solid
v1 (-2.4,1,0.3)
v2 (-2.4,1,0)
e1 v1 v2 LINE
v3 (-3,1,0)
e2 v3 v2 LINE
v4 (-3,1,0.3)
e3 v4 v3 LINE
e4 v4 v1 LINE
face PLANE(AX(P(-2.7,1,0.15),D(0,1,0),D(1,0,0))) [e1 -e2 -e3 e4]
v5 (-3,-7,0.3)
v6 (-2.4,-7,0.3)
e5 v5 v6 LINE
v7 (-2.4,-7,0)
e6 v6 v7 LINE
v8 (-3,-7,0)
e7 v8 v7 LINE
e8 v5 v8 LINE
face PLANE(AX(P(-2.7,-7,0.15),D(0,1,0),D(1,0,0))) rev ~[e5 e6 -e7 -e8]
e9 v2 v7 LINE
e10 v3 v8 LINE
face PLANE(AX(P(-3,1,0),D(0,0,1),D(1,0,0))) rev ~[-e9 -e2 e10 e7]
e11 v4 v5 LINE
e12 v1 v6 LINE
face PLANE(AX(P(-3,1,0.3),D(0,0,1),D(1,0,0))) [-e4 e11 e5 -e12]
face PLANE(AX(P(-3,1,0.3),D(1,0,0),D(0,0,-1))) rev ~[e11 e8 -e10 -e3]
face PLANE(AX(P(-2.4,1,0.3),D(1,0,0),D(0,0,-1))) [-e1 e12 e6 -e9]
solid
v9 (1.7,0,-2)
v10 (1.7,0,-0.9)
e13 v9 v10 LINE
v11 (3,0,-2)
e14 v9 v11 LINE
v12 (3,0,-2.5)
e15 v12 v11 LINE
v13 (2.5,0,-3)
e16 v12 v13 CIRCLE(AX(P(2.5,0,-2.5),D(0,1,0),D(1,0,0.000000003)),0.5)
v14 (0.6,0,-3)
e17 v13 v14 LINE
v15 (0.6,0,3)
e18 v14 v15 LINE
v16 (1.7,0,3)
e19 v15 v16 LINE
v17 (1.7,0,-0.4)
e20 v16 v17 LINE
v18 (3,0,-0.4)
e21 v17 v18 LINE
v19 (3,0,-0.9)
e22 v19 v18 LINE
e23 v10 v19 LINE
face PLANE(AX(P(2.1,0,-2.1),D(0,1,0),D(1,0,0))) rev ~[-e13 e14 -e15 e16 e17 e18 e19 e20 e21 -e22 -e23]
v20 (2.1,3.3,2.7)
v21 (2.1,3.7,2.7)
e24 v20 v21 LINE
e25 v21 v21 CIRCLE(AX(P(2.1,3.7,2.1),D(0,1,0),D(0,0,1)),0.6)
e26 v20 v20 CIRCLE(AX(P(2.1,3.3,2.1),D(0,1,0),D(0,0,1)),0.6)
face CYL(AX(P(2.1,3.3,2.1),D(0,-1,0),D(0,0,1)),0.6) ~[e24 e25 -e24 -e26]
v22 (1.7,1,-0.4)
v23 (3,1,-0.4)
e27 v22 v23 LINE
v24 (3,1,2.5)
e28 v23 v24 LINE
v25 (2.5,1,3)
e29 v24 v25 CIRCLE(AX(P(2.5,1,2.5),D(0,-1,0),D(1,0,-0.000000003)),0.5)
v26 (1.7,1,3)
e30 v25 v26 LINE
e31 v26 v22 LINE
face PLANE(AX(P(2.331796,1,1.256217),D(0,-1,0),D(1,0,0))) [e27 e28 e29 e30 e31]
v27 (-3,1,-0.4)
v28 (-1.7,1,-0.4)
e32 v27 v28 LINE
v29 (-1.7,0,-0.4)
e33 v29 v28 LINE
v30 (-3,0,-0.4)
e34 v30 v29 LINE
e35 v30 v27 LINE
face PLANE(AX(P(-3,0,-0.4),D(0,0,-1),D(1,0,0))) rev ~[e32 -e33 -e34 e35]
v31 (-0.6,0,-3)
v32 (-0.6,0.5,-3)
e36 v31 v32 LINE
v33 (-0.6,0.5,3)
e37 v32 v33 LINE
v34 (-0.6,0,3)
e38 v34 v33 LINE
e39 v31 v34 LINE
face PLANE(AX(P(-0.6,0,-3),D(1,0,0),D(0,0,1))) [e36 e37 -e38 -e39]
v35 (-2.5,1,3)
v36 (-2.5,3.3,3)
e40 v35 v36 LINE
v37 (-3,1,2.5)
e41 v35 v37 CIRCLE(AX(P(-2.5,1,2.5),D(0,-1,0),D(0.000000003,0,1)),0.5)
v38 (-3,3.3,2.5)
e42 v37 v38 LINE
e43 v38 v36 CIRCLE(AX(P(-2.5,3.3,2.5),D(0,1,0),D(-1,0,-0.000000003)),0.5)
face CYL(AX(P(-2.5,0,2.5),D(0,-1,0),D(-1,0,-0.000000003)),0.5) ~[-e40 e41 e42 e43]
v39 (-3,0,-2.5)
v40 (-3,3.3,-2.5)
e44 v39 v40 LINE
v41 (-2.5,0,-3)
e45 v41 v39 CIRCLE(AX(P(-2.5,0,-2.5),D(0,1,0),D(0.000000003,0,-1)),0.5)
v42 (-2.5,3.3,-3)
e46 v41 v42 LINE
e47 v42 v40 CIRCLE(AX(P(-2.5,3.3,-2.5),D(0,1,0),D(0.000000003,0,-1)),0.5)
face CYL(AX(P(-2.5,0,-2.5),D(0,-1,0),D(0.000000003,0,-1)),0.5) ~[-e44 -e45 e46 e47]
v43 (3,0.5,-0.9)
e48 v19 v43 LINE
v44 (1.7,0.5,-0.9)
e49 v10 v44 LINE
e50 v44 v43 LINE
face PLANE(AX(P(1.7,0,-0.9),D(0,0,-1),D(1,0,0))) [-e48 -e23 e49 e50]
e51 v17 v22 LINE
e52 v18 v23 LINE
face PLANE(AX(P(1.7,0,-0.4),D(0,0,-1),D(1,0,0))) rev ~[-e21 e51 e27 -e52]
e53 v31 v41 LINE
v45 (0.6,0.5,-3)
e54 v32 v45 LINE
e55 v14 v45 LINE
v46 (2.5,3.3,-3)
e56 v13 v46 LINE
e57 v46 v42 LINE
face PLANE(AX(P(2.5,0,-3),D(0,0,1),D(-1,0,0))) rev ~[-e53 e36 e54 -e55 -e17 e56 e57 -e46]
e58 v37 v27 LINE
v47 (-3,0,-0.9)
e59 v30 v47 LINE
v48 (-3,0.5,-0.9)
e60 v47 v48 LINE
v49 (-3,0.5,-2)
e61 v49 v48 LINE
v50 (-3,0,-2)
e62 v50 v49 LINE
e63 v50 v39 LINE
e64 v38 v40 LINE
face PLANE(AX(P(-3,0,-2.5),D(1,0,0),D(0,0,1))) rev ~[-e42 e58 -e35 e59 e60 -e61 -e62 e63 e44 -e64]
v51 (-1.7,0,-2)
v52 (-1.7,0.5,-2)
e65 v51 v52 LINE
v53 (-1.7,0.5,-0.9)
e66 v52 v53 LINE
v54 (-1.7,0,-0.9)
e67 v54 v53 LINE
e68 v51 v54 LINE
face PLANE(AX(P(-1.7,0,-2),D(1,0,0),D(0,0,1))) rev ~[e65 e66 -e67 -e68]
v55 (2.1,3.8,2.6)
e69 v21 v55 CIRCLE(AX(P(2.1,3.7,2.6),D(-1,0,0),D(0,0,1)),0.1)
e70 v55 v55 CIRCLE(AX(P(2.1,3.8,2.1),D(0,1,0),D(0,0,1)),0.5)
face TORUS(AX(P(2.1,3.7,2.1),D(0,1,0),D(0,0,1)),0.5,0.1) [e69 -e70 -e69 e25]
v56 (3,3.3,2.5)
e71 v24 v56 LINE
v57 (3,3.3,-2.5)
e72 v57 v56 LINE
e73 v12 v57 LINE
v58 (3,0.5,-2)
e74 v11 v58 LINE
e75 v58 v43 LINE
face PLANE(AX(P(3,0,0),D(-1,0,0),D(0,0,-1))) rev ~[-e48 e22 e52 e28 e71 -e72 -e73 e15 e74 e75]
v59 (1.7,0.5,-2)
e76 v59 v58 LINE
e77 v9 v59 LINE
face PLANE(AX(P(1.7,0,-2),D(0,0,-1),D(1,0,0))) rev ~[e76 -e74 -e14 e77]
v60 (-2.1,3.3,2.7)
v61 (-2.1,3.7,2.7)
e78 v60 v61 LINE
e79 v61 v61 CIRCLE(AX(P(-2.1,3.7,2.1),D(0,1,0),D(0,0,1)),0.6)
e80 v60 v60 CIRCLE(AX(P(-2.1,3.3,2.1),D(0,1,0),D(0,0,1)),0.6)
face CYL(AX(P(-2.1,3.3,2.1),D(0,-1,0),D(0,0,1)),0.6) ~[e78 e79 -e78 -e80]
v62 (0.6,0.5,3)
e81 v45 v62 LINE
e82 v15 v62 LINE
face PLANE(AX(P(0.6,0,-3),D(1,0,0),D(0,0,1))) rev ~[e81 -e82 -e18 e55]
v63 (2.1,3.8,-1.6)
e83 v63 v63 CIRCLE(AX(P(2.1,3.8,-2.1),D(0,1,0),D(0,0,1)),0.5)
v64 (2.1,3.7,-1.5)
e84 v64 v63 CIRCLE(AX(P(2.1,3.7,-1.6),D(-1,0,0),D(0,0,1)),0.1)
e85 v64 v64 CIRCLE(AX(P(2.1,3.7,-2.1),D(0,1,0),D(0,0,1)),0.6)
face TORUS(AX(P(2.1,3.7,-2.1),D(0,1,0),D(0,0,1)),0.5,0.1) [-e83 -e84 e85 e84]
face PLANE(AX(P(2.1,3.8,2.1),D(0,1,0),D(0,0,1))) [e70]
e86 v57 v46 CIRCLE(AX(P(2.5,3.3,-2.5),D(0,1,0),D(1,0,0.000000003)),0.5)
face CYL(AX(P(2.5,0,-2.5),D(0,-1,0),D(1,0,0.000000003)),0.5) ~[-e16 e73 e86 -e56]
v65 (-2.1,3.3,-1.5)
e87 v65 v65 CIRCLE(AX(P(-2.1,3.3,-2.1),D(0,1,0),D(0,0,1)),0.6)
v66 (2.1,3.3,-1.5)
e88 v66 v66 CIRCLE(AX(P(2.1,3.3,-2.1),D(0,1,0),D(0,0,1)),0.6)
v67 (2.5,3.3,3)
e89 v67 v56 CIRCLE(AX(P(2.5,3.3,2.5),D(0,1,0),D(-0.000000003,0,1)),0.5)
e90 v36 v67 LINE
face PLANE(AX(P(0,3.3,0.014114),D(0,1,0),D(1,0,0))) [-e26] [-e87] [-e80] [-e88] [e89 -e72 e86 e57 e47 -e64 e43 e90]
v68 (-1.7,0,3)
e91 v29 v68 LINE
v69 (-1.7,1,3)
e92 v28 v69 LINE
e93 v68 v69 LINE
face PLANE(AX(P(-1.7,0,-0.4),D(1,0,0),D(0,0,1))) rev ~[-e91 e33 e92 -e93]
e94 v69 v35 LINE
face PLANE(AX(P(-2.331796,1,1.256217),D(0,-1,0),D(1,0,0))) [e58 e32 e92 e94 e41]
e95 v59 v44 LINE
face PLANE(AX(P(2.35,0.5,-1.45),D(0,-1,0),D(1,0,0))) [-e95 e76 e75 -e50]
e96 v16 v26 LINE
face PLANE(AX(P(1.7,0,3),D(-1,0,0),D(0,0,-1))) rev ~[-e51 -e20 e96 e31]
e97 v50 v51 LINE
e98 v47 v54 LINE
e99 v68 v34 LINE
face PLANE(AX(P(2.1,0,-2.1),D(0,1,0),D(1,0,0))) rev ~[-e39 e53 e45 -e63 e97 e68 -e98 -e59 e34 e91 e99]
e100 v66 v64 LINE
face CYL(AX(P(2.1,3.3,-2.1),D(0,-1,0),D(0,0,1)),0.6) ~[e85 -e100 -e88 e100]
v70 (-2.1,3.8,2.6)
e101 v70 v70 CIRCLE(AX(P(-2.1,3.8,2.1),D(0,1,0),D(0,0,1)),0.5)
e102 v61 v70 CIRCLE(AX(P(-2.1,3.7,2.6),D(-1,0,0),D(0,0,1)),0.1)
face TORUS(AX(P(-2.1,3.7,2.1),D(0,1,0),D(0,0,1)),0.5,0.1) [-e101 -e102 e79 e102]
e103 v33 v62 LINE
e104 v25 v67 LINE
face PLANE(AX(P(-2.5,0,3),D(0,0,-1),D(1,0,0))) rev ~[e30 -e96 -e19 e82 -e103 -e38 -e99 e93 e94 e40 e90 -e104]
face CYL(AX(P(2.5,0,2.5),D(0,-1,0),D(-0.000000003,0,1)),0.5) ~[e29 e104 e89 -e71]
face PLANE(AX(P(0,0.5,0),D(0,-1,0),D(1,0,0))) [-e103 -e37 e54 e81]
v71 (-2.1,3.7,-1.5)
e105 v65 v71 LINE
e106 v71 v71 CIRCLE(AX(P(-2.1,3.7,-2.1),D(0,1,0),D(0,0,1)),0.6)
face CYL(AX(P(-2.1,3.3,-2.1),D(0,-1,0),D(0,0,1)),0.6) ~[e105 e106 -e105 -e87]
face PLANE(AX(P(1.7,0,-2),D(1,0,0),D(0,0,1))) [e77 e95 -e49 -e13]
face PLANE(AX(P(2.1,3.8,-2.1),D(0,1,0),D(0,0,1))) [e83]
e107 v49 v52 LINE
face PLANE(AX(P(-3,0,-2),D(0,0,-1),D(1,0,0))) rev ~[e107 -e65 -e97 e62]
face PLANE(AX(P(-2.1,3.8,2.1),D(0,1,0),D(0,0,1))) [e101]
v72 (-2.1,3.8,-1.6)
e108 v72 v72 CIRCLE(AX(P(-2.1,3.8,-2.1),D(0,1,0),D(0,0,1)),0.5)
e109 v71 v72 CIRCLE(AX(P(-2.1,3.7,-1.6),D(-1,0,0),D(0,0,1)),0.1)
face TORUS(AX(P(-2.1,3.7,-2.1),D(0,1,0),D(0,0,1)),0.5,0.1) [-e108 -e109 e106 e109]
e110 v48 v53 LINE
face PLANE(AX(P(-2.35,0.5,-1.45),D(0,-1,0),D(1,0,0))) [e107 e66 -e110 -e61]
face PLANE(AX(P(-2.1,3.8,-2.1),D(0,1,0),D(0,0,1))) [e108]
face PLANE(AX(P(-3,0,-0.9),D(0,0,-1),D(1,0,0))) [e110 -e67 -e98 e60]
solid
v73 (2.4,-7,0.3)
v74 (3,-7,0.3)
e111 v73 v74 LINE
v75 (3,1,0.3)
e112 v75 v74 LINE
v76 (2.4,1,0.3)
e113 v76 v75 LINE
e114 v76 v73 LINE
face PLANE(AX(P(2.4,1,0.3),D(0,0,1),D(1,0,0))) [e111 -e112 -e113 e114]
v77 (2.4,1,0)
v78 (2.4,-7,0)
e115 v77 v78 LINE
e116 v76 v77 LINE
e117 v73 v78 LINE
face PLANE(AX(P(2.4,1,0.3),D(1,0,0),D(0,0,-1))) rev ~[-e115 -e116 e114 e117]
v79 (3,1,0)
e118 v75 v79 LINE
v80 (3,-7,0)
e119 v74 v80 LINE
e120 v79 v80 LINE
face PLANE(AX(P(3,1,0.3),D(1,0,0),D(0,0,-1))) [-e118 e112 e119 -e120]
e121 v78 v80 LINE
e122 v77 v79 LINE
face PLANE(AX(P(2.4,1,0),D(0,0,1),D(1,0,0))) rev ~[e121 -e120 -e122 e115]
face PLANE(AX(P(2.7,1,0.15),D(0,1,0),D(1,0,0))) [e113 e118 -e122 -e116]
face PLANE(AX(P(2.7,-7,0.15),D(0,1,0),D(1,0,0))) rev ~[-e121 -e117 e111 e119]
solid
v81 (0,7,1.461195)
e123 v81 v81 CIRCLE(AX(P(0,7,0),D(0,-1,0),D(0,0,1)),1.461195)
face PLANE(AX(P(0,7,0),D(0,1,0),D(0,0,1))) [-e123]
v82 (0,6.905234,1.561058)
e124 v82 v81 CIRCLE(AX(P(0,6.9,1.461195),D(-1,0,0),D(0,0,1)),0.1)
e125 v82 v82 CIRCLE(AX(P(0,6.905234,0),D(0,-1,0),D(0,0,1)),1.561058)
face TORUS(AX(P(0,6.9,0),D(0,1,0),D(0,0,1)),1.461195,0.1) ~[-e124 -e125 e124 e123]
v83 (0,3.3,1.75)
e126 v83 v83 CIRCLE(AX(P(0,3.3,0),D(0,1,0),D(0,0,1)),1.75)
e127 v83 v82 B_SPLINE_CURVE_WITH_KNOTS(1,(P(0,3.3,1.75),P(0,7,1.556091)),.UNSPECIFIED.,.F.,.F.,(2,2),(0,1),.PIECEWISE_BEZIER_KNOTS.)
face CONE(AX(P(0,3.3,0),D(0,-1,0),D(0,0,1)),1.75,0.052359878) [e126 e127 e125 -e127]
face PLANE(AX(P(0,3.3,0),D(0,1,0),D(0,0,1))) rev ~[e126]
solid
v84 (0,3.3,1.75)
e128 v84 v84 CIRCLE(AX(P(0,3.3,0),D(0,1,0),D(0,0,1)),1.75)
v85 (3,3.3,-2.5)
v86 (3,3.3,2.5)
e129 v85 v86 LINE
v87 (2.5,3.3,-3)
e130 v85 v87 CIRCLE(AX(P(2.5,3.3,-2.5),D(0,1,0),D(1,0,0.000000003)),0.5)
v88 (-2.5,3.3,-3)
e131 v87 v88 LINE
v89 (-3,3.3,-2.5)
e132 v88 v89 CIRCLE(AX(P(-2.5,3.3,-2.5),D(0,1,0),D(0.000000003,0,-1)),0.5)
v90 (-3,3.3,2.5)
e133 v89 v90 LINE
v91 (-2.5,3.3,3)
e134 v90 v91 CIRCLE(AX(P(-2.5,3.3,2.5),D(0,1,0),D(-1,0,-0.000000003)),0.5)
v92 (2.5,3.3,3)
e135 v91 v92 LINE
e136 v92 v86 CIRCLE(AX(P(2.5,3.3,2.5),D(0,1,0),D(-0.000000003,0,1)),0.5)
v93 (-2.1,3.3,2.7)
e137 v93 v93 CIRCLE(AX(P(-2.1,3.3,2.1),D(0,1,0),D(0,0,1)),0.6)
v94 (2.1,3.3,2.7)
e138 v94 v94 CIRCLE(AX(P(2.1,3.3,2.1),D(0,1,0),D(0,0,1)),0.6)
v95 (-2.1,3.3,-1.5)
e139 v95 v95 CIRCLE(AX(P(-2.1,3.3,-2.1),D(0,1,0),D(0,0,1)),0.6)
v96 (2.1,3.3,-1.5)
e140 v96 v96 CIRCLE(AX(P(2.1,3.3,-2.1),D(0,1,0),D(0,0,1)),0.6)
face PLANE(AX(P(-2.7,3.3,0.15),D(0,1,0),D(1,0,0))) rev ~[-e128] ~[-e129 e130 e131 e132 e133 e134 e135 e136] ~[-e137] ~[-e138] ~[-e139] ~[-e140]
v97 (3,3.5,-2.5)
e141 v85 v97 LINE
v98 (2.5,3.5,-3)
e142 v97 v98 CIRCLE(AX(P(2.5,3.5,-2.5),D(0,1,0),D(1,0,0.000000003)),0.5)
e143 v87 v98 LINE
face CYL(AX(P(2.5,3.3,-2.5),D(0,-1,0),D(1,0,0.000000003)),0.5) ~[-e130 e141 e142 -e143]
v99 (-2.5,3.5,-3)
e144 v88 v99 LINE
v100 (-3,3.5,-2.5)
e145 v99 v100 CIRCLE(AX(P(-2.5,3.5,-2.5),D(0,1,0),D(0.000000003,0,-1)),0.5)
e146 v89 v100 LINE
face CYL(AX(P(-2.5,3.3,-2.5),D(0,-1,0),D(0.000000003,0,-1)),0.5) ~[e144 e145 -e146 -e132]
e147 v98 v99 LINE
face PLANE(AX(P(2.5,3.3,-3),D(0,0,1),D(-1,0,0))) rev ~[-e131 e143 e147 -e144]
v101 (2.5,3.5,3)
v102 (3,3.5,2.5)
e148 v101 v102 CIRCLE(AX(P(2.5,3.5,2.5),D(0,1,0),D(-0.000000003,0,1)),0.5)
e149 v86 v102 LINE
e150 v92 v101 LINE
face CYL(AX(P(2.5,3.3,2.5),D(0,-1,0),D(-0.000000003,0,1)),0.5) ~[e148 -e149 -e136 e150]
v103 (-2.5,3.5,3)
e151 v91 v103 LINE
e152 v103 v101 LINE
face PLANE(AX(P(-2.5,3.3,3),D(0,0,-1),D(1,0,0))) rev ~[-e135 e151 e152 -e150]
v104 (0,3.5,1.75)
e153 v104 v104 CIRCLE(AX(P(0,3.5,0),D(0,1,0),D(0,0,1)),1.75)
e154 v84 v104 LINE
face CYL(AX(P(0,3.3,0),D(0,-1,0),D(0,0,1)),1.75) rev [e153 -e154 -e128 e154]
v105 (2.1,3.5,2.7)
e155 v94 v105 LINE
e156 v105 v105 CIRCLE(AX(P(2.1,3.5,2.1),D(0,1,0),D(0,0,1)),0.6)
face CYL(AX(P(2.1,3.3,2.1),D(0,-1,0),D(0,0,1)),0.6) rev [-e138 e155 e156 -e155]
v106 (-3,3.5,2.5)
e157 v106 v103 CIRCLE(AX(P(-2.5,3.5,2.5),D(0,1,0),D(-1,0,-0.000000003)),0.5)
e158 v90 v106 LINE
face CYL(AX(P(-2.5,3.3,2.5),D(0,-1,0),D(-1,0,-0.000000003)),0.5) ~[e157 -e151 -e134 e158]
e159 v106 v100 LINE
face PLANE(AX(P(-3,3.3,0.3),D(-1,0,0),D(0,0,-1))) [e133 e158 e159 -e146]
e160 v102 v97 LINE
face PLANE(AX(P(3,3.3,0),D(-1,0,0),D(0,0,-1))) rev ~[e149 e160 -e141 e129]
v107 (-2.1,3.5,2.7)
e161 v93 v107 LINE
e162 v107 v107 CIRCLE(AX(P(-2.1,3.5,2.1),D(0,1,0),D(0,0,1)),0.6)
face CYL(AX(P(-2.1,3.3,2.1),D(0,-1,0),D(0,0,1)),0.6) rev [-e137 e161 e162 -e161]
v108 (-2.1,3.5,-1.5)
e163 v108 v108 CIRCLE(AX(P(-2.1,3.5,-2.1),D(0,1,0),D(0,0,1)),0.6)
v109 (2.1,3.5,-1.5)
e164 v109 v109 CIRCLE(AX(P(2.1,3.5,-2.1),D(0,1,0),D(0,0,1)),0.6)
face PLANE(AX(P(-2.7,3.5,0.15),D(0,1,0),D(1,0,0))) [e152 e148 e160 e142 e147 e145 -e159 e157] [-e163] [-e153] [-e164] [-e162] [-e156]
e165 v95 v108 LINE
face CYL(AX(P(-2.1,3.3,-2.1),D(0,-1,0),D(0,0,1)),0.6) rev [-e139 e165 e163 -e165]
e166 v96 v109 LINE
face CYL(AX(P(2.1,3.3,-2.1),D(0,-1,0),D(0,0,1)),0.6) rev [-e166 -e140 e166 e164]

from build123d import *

# Parameters (mm, degrees)
SKETCH1_W                 = 0.6
SKETCH1_H                 = 0.3
SKETCH1_R                 = 0.6
SKETCH1_R_2               = 1.75
BASE_DEPTH                = 3.3
TOP_START                 = 3.3
SKETCH1_3_R               = 0.6
SKETCH1_3_R_2             = 1.75
SKETCH1_3_W               = 0.6
SKETCH1_3_H               = 0.3
TOP_PLATE_DEPTH           = 0.2
KNOBS_START               = 3.3
SKETCH1_4_R               = 0.6
KNOBS_DEPTH               = 0.5
ACTUATOR_START            = 3.3
SKETCH1_5_R               = 1.75
ACTUATOR_DEPTH            = 3.7
ACTUATOR_TAPER            = 3
BASE_LEG_CUTOUT_DEPTH     = 1
SKETCH2_3_W               = 1.2
SKETCH2_3_H               = 6
SKETCH2_3_W_2             = 1.3
SKETCH2_3_H_2             = 1.1
BASE_SHALLOW_CUTOUT_DEPTH = 0.5
PINS_START                = 1
SKETCH1_7_W               = 0.6
SKETCH1_7_H               = 0.3
PINS_DEPTH                = 8
PINS_2_DEPTH              = 8
FILLET1_R                 = 0.1
FILLET2_R                 = 0.1


with BuildPart() as part:
    # Sketch1 → Base (new body)
    # profile 1 of 8: a face of its own
    with BuildSketch(Plane(origin=(0, 0, 0), x_dir=(1, 0, 0), z_dir=(0, 1, 0))):
        with Locations((-2.7, -0.15)):
            Rectangle(SKETCH1_W, SKETCH1_H)
    # profile 2 of 8: a face of its own
    with BuildSketch(Plane(origin=(0, 0, 0), x_dir=(1, 0, 0), z_dir=(0, 1, 0))):
        with BuildLine():
            Line((2.5, 3), (-2.5, 3))
            ThreePointArc((-2.5, 3), (-2.853553391, 2.853553391), (-3, 2.5))
            Line((-3, 2.5), (-3, 0))
            Line((-3, 0), (-2.4, 0))
            Line((-2.4, 0), (-2.4, -0.3))
            Line((-2.4, -0.3), (-3, -0.3))
            Line((-3, -0.3), (-3, -2.5))
            ThreePointArc((-3, -2.5), (-2.853553391, -2.853553391), (-2.5, -3))
            Line((-2.5, -3), (2.5, -3))
            ThreePointArc((2.5, -3), (2.853553391, -2.853553391), (3, -2.5))
            Line((3, -2.5), (3, -0.3))
            Line((3, -0.3), (2.4, -0.3))
            Line((2.4, -0.3), (2.4, 0))
            Line((2.4, 0), (3, 0))
            Line((3, 0), (3, 2.5))
            ThreePointArc((3, 2.5), (2.853553391, 2.853553391), (2.5, 3))
        make_face()
        with Locations((-2.1, -2.1)):
            Circle(SKETCH1_R, mode=Mode.SUBTRACT)
        Circle(SKETCH1_R_2, mode=Mode.SUBTRACT)
        with Locations((2.1, -2.1)):
            Circle(SKETCH1_R, mode=Mode.SUBTRACT)
        with Locations((-2.1, 2.1)):
            Circle(SKETCH1_R, mode=Mode.SUBTRACT)
        with Locations((2.1, 2.1)):
            Circle(SKETCH1_R, mode=Mode.SUBTRACT)
    # profile 3 of 8: a face of its own
    with BuildSketch(Plane(origin=(0, 0, 0), x_dir=(1, 0, 0), z_dir=(0, 1, 0))):
        with Locations((-2.1, 2.1)):
            Circle(SKETCH1_R)
    # profile 4 of 8: a face of its own
    with BuildSketch(Plane(origin=(0, 0, 0), x_dir=(1, 0, 0), z_dir=(0, 1, 0))):
        with Locations((-2.1, -2.1)):
            Circle(SKETCH1_R)
    # profile 5 of 8: a face of its own
    with BuildSketch(Plane(origin=(0, 0, 0), x_dir=(1, 0, 0), z_dir=(0, 1, 0))):
        Circle(SKETCH1_R_2)
    # profile 6 of 8: a face of its own
    with BuildSketch(Plane(origin=(0, 0, 0), x_dir=(1, 0, 0), z_dir=(0, 1, 0))):
        with Locations((2.1, -2.1)):
            Circle(SKETCH1_R)
    # profile 7 of 8: a face of its own
    with BuildSketch(Plane(origin=(0, 0, 0), x_dir=(1, 0, 0), z_dir=(0, 1, 0))):
        with Locations((2.7, -0.15)):
            Rectangle(SKETCH1_W, SKETCH1_H)
    # profile 8 of 8: a face of its own
    with BuildSketch(Plane(origin=(0, 0, 0), x_dir=(1, 0, 0), z_dir=(0, 1, 0))):
        with Locations((2.1, 2.1)):
            Circle(SKETCH1_R)
    extrude(amount=BASE_DEPTH)

    # Sketch1<4> → Knobs (add)
    with BuildSketch(Plane(origin=(0, 0, 0), x_dir=(1, 0, 0), z_dir=(0, 1, 0)).offset(KNOBS_START)):
        with Locations(Location((2.1, -2.1, 0), (0, 0, 270))):
            Circle(SKETCH1_4_R)
        with Locations(Location((-2.1, -2.1, 0), (0, 0, 270))):
            Circle(SKETCH1_4_R)
        with Locations(Location((-2.1, 2.1, 0), (0, 0, 270))):
            Circle(SKETCH1_4_R)
        with Locations(Location((2.1, 2.1, 0), (0, 0, 270))):
            Circle(SKETCH1_4_R)
    extrude(amount=KNOBS_DEPTH)

    # Sketch2 → Base Leg Cutout (cut)
    with BuildSketch(Plane.XZ):
        with BuildLine():
            Line((-1.7, -0.4), (-1.7, 3))
            Line((-1.7, 3), (-2.5, 3))
            ThreePointArc((-2.5, 3), (-2.853553391, 2.853553391), (-3, 2.5))
            Line((-3, 2.5), (-3, -0.4))
            Line((-3, -0.4), (-1.7, -0.4))
        make_face()
        with BuildLine():
            Line((2.5, 3), (1.7, 3))
            Line((1.7, 3), (1.7, -0.4))
            Line((1.7, -0.4), (3, -0.4))
            Line((3, -0.4), (3, 2.5))
            ThreePointArc((3, 2.5), (2.853553391, 2.853553391), (2.5, 3))
        make_face()
    extrude(amount=-BASE_LEG_CUTOUT_DEPTH, mode=Mode.SUBTRACT)

    # Sketch2<3> → Base Shallow Cutout (cut)
    with BuildSketch(Plane.XZ):
        Rectangle(SKETCH2_3_W, SKETCH2_3_H)
        with Locations((2.35, -1.45)):
            Rectangle(SKETCH2_3_W_2, SKETCH2_3_H_2)
        with Locations((-2.35, -1.45)):
            Rectangle(SKETCH2_3_W_2, SKETCH2_3_H_2)
    extrude(amount=-BASE_SHALLOW_CUTOUT_DEPTH, mode=Mode.SUBTRACT)

    # Fillet2
    fillet2_edges = [part.edges().sort_by_distance(p)[0] for p in [
        (2.1, 3.8, 1.5),
        (-2.1, 3.8, 1.5),
        (-2.1, 3.8, -2.7),
        (2.1, 3.8, -2.7),
    ]]
    fillet(fillet2_edges, radius=FILLET2_R)


with BuildPart() as body_2:
    # Sketch1<3> → Top Plate (new body)
    # profile 1 of 3: a face of its own
    with BuildSketch(Plane(origin=(0, 0, 0), x_dir=(1, 0, 0), z_dir=(0, 1, 0)).offset(TOP_START)):
        with BuildLine():
            Line((2.5, 3), (-2.5, 3))
            ThreePointArc((-2.5, 3), (-2.853553391, 2.853553391), (-3, 2.5))
            Line((-3, 2.5), (-3, 0))
            Line((-3, 0), (-2.4, 0))
            Line((-2.4, 0), (-2.4, -0.3))
            Line((-2.4, -0.3), (-3, -0.3))
            Line((-3, -0.3), (-3, -2.5))
            ThreePointArc((-3, -2.5), (-2.853553391, -2.853553391), (-2.5, -3))
            Line((-2.5, -3), (2.5, -3))
            ThreePointArc((2.5, -3), (2.853553391, -2.853553391), (3, -2.5))
            Line((3, -2.5), (3, -0.3))
            Line((3, -0.3), (2.4, -0.3))
            Line((2.4, -0.3), (2.4, 0))
            Line((2.4, 0), (3, 0))
            Line((3, 0), (3, 2.5))
            ThreePointArc((3, 2.5), (2.853553391, 2.853553391), (2.5, 3))
        make_face()
        with Locations(Location((-2.1, -2.1, 0), (0, 0, 270))):
            Circle(SKETCH1_3_R, mode=Mode.SUBTRACT)
        with Locations(Location((0, 0, 0), (0, 0, 270))):
            Circle(SKETCH1_3_R_2, mode=Mode.SUBTRACT)
        with Locations(Location((2.1, -2.1, 0), (0, 0, 270))):
            Circle(SKETCH1_3_R, mode=Mode.SUBTRACT)
        with Locations(Location((-2.1, 2.1, 0), (0, 0, 270))):
            Circle(SKETCH1_3_R, mode=Mode.SUBTRACT)
        with Locations(Location((2.1, 2.1, 0), (0, 0, 270))):
            Circle(SKETCH1_3_R, mode=Mode.SUBTRACT)
    # profile 2 of 3: a face of its own
    with BuildSketch(Plane(origin=(0, 0, 0), x_dir=(1, 0, 0), z_dir=(0, 1, 0)).offset(TOP_START)):
        with Locations((2.7, -0.15)):
            Rectangle(SKETCH1_3_W, SKETCH1_3_H)
    # profile 3 of 3: a face of its own
    with BuildSketch(Plane(origin=(0, 0, 0), x_dir=(1, 0, 0), z_dir=(0, 1, 0)).offset(TOP_START)):
        with Locations((-2.7, -0.15)):
            Rectangle(SKETCH1_3_W, SKETCH1_3_H)
    extrude(amount=TOP_PLATE_DEPTH)


with BuildPart() as body_3:
    # Sketch1<5> → Actuator (new body)
    with BuildSketch(Plane(origin=(0, 0, 0), x_dir=(1, 0, 0), z_dir=(0, 1, 0)).offset(ACTUATOR_START)):
        with Locations(Location((0, 0, 0), (0, 0, 270))):
            Circle(SKETCH1_5_R)
    extrude(amount=ACTUATOR_DEPTH, taper=ACTUATOR_TAPER)

    # Fillet1
    fillet1_edges = [body_3.edges().sort_by_distance(p)[0] for p in [
        (0, 7, -1.556091217),
    ]]
    fillet(fillet1_edges, radius=FILLET1_R)


with BuildPart() as body_4:
    # Sketch1<7> → Pins (new body)
    with BuildSketch(Plane(origin=(0, 0, 0), x_dir=(1, 0, 0), z_dir=(0, 1, 0)).offset(PINS_START)):
        with Locations((-2.7, -0.15)):
            Rectangle(SKETCH1_7_W, SKETCH1_7_H)
    extrude(amount=-PINS_DEPTH)


with BuildPart() as body_5:
    # Sketch1<7> → Pins 2 (new body)
    with BuildSketch(Plane(origin=(0, 0, 0), x_dir=(1, 0, 0), z_dir=(0, 1, 0)).offset(PINS_START)):
        with Locations((2.7, -0.15)):
            Rectangle(SKETCH1_7_W, SKETCH1_7_H)
    extrude(amount=-PINS_2_DEPTH)


solid = Compound([part.part, body_2.part, body_3.part, body_4.part, body_5.part])
